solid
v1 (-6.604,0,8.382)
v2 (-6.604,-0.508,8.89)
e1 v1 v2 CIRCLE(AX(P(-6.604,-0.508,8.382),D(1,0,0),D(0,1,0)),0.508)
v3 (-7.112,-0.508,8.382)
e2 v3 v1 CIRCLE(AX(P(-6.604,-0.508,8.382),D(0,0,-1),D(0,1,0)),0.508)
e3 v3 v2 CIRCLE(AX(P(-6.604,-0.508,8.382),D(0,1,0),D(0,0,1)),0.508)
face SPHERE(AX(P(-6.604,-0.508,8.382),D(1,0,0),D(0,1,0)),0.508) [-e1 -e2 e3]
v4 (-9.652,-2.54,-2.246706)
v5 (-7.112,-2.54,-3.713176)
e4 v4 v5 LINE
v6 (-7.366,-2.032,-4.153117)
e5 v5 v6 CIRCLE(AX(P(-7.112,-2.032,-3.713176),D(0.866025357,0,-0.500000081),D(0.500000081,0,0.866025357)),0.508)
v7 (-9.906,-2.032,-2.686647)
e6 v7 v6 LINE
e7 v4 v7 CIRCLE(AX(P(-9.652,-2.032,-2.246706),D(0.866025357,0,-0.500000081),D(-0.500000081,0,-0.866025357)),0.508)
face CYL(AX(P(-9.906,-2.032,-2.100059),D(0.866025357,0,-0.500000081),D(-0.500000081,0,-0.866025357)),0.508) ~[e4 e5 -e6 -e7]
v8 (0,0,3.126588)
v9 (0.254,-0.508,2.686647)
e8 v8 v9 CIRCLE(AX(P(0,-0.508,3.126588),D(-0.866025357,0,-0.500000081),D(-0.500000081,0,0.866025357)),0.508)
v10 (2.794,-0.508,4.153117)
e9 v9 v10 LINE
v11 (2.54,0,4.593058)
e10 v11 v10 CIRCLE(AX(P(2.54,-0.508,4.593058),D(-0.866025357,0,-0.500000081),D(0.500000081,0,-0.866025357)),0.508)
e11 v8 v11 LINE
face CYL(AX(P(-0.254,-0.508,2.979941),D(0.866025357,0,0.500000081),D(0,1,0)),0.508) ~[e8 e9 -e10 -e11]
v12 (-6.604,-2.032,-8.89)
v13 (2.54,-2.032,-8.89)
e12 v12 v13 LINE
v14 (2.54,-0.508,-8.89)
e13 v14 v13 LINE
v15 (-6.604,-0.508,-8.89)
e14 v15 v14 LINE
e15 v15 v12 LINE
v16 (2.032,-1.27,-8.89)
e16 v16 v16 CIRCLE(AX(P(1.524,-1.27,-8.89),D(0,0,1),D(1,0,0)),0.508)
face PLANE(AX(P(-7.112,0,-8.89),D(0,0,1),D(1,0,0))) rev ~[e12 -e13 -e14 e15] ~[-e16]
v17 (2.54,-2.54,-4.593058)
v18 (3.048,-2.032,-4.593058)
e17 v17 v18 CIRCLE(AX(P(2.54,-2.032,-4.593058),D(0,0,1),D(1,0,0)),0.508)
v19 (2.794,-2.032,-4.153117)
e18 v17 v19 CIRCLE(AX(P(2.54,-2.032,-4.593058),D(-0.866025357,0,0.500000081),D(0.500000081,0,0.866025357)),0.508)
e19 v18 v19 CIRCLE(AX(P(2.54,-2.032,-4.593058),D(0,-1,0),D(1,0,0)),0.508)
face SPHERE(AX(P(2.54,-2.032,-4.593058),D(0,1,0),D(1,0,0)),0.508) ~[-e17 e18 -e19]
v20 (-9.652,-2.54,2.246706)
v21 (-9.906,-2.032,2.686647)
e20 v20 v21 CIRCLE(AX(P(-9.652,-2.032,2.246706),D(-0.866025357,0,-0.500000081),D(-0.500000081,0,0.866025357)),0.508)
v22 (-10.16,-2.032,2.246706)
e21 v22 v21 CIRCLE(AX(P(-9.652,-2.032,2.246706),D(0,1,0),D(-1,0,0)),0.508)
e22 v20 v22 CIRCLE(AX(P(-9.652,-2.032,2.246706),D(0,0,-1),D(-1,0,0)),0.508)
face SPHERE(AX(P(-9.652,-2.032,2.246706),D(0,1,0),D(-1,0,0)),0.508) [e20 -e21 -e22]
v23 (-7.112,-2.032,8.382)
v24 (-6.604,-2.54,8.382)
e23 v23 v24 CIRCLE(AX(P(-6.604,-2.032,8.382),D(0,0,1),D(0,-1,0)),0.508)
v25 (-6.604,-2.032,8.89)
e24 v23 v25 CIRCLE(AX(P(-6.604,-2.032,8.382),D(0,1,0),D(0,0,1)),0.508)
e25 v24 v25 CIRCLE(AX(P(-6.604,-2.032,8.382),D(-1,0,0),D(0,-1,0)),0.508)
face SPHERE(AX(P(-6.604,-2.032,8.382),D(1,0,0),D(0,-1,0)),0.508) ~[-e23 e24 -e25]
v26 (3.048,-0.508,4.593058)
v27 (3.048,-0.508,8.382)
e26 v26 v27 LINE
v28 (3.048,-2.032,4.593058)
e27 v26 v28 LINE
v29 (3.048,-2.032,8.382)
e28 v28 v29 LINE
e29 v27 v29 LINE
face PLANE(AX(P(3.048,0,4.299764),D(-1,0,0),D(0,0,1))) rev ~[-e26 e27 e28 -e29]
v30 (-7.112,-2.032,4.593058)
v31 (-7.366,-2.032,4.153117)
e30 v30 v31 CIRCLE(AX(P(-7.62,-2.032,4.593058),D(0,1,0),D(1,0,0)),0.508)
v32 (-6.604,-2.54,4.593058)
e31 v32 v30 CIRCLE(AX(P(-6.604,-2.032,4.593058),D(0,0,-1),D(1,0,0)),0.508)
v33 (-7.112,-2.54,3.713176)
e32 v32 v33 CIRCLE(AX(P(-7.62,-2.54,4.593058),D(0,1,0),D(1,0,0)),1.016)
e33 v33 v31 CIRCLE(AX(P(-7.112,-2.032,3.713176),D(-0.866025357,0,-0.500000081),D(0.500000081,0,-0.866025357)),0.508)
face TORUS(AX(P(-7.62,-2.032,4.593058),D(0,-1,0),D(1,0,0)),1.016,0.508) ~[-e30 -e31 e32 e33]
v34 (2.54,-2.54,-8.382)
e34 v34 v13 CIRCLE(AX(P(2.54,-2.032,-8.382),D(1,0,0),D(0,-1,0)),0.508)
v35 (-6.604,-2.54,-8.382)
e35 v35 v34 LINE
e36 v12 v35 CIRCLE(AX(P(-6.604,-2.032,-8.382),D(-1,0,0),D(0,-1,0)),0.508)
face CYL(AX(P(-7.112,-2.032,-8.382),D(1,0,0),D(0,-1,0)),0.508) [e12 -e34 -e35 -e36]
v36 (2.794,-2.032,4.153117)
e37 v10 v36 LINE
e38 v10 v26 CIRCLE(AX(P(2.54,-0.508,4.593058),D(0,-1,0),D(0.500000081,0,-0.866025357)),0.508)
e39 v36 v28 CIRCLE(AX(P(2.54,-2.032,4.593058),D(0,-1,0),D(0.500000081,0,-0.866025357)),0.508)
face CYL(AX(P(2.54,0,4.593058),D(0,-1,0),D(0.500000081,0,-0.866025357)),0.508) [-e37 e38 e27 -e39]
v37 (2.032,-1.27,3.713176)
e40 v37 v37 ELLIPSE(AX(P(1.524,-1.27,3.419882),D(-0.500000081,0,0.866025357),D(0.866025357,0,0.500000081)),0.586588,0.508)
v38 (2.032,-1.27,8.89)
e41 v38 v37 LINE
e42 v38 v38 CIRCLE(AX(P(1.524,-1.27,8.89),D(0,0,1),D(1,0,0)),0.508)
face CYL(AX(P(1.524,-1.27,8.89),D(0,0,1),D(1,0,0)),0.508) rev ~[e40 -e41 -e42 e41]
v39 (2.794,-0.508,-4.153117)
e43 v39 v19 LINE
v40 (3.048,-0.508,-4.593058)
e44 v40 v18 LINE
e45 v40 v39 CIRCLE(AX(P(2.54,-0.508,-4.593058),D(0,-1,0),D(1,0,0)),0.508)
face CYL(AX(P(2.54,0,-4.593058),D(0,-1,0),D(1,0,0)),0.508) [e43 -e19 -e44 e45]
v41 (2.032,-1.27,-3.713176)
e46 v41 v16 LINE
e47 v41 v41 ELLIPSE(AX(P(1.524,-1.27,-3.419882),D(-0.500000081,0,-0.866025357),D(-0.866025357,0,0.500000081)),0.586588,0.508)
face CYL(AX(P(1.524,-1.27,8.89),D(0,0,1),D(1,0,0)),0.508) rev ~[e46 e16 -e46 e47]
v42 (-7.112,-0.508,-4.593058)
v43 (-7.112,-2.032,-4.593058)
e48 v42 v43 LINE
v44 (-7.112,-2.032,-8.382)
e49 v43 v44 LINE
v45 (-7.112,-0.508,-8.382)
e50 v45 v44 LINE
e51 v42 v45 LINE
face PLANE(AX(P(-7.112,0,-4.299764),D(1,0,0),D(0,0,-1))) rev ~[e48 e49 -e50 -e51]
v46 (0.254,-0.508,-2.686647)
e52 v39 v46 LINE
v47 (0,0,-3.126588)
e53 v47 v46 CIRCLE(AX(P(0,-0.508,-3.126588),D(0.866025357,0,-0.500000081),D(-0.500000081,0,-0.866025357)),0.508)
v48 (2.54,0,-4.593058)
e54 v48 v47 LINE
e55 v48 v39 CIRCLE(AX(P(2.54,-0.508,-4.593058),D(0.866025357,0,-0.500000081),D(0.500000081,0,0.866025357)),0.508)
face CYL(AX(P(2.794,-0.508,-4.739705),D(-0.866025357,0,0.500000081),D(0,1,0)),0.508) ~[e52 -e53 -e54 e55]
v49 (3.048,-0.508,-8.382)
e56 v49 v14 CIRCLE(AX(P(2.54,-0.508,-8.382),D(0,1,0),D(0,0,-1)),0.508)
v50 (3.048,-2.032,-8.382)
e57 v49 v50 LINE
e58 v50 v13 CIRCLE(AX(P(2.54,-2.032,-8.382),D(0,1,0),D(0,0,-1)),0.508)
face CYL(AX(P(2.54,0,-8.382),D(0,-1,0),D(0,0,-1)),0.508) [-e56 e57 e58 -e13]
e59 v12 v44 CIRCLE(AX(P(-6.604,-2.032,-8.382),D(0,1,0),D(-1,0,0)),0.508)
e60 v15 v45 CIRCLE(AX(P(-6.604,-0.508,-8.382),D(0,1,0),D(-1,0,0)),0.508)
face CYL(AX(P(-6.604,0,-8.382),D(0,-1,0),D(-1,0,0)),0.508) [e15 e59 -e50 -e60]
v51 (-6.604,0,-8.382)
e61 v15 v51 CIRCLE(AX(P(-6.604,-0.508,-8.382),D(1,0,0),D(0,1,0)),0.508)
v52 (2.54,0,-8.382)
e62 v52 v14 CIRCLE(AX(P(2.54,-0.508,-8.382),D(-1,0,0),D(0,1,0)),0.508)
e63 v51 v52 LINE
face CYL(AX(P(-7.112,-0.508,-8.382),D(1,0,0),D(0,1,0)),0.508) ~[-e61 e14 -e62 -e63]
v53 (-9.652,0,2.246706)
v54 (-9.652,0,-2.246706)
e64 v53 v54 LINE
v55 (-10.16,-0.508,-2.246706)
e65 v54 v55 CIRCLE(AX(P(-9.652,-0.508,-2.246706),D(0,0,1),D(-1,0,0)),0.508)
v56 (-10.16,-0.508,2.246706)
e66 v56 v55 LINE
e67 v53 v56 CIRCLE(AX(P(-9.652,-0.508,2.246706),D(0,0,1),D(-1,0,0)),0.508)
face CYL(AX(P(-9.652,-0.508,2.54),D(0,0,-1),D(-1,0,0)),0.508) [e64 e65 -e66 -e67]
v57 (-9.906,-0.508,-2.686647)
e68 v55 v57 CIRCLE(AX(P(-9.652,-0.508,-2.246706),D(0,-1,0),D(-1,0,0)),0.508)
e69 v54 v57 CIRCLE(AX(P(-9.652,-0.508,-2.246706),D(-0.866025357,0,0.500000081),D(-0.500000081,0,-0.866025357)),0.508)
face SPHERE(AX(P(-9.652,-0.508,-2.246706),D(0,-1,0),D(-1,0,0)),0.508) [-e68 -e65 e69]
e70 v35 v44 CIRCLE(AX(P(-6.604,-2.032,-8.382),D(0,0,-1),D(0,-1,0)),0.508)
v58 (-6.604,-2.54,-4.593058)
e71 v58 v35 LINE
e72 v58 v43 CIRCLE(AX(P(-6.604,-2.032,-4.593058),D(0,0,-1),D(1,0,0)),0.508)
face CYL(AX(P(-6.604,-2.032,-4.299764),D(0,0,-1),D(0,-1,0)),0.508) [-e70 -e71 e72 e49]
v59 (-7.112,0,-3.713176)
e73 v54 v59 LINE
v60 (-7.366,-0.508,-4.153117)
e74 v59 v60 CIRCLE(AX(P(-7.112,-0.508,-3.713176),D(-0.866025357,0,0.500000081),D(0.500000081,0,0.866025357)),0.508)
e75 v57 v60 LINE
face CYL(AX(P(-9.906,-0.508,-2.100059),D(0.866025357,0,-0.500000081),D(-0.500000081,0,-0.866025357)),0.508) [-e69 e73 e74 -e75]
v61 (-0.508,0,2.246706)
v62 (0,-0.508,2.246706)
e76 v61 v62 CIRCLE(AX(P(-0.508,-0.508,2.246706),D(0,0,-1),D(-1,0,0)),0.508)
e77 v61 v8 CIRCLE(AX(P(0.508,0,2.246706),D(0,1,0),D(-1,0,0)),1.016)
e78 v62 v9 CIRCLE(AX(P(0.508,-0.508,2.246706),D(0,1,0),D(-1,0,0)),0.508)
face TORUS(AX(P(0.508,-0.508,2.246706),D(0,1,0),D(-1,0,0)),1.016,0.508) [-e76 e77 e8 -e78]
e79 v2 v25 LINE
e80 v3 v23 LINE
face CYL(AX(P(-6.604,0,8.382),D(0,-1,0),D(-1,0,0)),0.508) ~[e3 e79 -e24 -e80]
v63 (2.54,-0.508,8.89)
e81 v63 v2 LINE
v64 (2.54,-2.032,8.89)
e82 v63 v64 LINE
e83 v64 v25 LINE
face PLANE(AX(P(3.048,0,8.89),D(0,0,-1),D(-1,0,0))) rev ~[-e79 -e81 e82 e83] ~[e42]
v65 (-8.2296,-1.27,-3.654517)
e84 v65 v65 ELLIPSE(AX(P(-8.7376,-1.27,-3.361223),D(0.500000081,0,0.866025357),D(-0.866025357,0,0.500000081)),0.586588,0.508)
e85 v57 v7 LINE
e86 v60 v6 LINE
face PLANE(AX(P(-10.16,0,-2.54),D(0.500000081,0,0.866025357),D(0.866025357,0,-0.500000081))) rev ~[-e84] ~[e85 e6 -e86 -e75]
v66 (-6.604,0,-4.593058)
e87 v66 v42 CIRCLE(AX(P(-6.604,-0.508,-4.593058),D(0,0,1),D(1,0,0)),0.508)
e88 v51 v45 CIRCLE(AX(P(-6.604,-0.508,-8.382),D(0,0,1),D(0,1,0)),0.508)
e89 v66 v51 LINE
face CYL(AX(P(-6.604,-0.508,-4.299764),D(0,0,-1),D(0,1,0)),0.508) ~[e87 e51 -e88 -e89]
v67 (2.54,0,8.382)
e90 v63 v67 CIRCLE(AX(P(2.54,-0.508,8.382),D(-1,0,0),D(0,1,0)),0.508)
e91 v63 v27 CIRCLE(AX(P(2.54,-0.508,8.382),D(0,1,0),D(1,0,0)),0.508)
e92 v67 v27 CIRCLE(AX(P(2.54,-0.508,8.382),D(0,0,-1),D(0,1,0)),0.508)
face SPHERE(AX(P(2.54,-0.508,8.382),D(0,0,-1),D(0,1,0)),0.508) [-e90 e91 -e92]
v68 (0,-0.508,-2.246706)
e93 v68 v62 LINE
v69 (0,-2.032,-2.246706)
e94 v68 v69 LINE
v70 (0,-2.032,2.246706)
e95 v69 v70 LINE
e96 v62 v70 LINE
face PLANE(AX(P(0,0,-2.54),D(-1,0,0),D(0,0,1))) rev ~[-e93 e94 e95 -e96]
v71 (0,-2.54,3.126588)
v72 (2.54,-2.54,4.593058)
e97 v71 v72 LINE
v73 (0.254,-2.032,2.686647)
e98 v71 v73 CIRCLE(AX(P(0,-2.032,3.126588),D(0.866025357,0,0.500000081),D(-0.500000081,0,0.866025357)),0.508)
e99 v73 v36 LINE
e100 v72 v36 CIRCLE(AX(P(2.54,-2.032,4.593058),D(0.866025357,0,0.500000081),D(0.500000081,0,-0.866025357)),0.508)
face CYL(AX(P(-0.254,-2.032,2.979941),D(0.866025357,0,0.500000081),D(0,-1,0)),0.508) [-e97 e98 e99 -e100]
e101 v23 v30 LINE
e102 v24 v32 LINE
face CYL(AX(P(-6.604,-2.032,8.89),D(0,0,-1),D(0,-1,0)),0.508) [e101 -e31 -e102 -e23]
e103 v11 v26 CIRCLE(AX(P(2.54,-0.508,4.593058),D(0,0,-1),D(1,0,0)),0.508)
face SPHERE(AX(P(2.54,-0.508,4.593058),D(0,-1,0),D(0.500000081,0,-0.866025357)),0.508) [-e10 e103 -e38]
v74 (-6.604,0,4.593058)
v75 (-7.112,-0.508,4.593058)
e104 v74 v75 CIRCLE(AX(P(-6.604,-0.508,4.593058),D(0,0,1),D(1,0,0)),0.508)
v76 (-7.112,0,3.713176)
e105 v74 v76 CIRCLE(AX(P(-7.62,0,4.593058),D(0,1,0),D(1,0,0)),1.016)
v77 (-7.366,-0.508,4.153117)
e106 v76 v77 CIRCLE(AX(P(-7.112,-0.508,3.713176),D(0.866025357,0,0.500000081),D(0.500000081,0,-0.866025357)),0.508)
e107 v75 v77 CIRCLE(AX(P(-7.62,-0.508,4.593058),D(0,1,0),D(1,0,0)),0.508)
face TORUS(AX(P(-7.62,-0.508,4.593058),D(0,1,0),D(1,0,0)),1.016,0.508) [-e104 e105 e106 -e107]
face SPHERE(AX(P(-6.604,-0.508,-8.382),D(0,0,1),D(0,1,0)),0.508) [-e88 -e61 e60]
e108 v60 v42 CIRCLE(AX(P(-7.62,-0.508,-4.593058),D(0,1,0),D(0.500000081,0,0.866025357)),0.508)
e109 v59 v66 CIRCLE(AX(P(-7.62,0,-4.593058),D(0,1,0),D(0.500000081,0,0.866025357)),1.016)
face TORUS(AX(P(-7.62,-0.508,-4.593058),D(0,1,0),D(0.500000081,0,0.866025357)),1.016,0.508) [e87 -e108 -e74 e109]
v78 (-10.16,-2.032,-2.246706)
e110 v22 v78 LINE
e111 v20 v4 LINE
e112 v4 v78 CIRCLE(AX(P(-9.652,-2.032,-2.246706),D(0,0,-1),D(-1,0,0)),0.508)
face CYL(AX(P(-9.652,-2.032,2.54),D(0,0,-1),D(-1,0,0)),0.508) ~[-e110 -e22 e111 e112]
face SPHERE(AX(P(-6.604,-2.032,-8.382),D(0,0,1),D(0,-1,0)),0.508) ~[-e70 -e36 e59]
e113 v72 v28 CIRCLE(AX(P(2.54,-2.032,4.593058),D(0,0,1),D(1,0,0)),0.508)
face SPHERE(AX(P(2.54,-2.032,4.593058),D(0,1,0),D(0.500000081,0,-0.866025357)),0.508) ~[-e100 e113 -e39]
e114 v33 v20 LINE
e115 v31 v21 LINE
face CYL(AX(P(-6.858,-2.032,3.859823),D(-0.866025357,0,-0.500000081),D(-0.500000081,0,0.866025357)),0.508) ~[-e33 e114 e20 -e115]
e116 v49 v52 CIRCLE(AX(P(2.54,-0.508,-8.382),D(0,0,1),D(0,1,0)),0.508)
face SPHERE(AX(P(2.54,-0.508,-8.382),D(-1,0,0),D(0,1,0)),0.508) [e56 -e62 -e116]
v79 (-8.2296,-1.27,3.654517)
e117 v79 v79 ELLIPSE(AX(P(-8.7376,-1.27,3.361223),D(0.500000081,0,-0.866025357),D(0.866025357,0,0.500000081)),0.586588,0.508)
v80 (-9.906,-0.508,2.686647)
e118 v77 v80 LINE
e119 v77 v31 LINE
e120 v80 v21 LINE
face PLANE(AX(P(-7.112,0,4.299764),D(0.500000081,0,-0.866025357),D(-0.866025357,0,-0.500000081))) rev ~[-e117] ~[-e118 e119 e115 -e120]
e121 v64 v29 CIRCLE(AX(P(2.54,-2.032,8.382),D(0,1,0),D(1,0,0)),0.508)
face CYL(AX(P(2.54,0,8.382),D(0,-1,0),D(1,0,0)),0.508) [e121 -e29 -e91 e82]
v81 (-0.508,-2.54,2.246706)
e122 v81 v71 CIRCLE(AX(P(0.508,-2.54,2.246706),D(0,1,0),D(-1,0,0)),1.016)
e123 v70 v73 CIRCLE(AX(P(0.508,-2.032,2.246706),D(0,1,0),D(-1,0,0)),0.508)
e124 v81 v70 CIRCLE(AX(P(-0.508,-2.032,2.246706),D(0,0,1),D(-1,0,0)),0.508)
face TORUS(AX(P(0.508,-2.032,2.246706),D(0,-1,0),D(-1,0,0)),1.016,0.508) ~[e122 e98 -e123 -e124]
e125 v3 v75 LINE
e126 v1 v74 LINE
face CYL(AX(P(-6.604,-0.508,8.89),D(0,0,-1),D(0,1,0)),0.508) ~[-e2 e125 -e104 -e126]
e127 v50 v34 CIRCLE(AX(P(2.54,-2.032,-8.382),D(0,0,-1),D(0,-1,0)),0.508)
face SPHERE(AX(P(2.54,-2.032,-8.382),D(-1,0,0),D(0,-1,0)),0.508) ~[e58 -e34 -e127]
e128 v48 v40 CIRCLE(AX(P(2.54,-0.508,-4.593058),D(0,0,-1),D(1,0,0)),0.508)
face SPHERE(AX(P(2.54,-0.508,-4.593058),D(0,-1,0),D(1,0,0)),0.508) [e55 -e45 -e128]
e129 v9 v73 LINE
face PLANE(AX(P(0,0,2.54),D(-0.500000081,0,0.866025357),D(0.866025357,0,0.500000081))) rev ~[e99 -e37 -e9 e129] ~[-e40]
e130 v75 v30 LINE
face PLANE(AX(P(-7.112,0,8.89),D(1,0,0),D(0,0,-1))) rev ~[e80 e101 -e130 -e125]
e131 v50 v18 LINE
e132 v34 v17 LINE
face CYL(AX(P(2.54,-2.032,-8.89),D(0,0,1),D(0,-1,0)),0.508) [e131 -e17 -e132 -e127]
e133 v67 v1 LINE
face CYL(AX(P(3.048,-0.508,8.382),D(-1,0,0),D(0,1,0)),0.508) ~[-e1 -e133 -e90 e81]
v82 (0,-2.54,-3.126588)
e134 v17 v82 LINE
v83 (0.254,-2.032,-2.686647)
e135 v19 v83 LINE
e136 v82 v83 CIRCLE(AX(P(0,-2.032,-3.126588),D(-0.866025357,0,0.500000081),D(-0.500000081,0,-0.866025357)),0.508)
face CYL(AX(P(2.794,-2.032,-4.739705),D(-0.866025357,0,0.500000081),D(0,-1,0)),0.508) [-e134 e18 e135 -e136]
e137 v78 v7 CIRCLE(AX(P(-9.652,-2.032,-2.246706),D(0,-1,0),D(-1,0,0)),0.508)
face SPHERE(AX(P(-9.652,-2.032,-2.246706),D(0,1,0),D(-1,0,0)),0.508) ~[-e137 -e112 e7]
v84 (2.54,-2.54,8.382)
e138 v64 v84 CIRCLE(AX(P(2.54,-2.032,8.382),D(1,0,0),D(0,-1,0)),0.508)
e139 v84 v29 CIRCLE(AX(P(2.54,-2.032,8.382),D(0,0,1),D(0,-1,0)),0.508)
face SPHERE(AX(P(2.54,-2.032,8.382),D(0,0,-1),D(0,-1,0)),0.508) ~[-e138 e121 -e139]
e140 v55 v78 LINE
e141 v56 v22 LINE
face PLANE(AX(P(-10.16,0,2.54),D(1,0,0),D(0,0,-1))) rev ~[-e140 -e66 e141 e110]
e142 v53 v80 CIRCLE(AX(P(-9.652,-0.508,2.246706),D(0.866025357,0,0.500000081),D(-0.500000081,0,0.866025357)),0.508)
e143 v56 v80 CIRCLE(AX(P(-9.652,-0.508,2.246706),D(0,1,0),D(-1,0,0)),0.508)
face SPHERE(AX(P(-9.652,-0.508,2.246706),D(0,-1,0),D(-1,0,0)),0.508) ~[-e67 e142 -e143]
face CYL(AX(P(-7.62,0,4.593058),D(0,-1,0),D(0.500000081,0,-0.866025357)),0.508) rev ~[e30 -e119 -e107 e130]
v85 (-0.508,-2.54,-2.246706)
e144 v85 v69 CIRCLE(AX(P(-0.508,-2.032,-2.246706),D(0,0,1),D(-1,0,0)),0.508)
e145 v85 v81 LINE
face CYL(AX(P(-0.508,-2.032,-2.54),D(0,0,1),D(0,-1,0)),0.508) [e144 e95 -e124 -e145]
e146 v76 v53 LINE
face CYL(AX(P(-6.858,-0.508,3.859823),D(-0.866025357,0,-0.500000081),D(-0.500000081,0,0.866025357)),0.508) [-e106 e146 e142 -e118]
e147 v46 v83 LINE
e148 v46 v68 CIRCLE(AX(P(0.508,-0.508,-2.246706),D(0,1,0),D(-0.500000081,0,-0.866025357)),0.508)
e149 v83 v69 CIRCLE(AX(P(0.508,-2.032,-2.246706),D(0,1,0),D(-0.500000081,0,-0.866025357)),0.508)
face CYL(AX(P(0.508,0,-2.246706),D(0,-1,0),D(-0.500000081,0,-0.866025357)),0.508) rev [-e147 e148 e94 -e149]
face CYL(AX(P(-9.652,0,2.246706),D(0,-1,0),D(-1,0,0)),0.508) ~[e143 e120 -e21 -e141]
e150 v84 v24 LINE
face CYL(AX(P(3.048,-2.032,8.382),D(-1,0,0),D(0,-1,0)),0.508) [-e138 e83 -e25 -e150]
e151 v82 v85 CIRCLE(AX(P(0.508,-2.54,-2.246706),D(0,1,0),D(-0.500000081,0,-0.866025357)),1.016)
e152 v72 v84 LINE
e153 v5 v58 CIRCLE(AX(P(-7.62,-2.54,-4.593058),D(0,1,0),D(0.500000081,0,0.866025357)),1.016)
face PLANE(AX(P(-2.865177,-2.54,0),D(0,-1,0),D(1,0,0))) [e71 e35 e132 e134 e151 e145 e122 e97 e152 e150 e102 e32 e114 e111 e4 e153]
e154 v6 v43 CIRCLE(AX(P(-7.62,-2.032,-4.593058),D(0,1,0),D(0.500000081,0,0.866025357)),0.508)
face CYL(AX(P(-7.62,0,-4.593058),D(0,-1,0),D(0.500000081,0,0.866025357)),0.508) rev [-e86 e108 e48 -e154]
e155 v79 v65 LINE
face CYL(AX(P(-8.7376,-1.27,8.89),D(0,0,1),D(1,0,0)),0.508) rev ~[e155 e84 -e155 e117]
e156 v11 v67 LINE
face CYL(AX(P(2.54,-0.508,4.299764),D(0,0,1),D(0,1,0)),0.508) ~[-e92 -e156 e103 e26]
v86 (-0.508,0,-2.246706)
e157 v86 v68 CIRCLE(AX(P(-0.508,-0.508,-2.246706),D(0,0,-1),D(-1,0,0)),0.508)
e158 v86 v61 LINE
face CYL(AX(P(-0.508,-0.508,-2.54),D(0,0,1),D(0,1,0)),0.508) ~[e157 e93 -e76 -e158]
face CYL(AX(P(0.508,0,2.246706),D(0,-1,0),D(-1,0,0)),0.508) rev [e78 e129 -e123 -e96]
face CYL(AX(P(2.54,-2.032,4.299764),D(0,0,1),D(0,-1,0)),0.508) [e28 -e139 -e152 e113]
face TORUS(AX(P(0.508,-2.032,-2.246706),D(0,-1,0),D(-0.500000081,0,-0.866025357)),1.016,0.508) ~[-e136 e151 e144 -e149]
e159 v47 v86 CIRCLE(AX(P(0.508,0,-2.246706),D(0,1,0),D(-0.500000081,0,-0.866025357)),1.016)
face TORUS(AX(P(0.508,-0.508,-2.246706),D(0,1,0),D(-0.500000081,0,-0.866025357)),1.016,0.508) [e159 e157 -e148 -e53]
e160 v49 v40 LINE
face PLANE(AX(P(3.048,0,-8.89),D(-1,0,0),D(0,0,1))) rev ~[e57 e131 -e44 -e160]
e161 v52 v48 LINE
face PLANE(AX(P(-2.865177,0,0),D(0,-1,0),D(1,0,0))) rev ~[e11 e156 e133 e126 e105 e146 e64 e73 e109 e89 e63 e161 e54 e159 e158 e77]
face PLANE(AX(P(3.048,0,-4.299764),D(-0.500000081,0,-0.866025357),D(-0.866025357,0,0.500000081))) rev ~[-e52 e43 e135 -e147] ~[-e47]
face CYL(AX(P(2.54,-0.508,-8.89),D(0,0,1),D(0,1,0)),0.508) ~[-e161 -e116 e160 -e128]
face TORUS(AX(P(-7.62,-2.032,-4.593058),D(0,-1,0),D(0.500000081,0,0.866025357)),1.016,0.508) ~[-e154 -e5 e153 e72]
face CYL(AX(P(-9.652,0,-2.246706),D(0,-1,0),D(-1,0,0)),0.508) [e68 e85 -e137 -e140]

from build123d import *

# Parameters (mm, degrees)
F1_DEPTH = 2.54
F2_R     = 0.508
F3_DEPTH = 25.4
F4_R     = 0.508


with BuildPart() as f1:
    # F0 (on Front) → F1 (new body)
    with BuildSketch(Plane.XZ):
        Polygon((-10.16, 2.54), (-10.16, 0), (-10.16, -2.54), (-7.112, -4.299764), (-7.112, -8.89), (3.048, -8.89), (3.048, -4.299764), (0, -2.54), (0, 0), (0, 2.54), (3.048, 4.299764), (3.048, 8.89), (-7.112, 8.89), (-7.112, 4.299764), align=None)
    extrude(amount=F1_DEPTH)

    # F2 (on face) → F3 (cut)
    with BuildSketch(Plane.XY.offset(8.89)):
        with Locations((1.524, -1.27)):
            Circle(F2_R)
        with Locations((-8.7376, -1.27)):
            Circle(F2_R)
    extrude(amount=-F3_DEPTH, mode=Mode.SUBTRACT)

    # F4
    f4_edges = [f1.edges().sort_by_distance(p)[0] for p in [
        (-10.16, 0, 0),
        (-8.636, 0, -3.419882),
        (-7.112, 0, -6.594882),
        (-2.032, 0, -8.89),
        (3.048, 0, -6.594882),
        (1.524, 0, -3.419882),
        (0, 0, 0),
        (1.524, 0, 3.419882),
        (3.048, 0, 6.594882),
        (-2.032, 0, 8.89),
        (-7.112, 0, 6.594882),
        (-8.636, 0, 3.419882),
        (-10.16, -2.54, 0),
        (-8.636, -2.54, -3.419882),
        (-7.112, -2.54, -6.594882),
        (-2.032, -2.54, -8.89),
        (3.048, -2.54, -6.594882),
        (1.524, -2.54, -3.419882),
        (0, -2.54, 0),
        (1.524, -2.54, 3.419882),
        (3.048, -2.54, 6.594882),
        (-2.032, -2.54, 8.89),
        (-7.112, -2.54, 6.594882),
        (-8.636, -2.54, 3.419882),
        (3.048, -1.27, -8.89),
        (-7.112, -1.27, 8.89),
        (-7.112, -1.27, 4.299764),
        (-10.16, -1.27, 2.54),
        (3.048, -1.27, 8.89),
        (3.048, -1.27, -4.299764),
        (3.048, -1.27, 4.299764),
        (0, -1.27, 2.54),
        (0, -1.27, -2.54),
        (-7.112, -1.27, -8.89),
        (-7.112, -1.27, -4.299764),
        (-10.16, -1.27, -2.54),
    ]]
    fillet(f4_edges, radius=F4_R)


solid = f1.part
